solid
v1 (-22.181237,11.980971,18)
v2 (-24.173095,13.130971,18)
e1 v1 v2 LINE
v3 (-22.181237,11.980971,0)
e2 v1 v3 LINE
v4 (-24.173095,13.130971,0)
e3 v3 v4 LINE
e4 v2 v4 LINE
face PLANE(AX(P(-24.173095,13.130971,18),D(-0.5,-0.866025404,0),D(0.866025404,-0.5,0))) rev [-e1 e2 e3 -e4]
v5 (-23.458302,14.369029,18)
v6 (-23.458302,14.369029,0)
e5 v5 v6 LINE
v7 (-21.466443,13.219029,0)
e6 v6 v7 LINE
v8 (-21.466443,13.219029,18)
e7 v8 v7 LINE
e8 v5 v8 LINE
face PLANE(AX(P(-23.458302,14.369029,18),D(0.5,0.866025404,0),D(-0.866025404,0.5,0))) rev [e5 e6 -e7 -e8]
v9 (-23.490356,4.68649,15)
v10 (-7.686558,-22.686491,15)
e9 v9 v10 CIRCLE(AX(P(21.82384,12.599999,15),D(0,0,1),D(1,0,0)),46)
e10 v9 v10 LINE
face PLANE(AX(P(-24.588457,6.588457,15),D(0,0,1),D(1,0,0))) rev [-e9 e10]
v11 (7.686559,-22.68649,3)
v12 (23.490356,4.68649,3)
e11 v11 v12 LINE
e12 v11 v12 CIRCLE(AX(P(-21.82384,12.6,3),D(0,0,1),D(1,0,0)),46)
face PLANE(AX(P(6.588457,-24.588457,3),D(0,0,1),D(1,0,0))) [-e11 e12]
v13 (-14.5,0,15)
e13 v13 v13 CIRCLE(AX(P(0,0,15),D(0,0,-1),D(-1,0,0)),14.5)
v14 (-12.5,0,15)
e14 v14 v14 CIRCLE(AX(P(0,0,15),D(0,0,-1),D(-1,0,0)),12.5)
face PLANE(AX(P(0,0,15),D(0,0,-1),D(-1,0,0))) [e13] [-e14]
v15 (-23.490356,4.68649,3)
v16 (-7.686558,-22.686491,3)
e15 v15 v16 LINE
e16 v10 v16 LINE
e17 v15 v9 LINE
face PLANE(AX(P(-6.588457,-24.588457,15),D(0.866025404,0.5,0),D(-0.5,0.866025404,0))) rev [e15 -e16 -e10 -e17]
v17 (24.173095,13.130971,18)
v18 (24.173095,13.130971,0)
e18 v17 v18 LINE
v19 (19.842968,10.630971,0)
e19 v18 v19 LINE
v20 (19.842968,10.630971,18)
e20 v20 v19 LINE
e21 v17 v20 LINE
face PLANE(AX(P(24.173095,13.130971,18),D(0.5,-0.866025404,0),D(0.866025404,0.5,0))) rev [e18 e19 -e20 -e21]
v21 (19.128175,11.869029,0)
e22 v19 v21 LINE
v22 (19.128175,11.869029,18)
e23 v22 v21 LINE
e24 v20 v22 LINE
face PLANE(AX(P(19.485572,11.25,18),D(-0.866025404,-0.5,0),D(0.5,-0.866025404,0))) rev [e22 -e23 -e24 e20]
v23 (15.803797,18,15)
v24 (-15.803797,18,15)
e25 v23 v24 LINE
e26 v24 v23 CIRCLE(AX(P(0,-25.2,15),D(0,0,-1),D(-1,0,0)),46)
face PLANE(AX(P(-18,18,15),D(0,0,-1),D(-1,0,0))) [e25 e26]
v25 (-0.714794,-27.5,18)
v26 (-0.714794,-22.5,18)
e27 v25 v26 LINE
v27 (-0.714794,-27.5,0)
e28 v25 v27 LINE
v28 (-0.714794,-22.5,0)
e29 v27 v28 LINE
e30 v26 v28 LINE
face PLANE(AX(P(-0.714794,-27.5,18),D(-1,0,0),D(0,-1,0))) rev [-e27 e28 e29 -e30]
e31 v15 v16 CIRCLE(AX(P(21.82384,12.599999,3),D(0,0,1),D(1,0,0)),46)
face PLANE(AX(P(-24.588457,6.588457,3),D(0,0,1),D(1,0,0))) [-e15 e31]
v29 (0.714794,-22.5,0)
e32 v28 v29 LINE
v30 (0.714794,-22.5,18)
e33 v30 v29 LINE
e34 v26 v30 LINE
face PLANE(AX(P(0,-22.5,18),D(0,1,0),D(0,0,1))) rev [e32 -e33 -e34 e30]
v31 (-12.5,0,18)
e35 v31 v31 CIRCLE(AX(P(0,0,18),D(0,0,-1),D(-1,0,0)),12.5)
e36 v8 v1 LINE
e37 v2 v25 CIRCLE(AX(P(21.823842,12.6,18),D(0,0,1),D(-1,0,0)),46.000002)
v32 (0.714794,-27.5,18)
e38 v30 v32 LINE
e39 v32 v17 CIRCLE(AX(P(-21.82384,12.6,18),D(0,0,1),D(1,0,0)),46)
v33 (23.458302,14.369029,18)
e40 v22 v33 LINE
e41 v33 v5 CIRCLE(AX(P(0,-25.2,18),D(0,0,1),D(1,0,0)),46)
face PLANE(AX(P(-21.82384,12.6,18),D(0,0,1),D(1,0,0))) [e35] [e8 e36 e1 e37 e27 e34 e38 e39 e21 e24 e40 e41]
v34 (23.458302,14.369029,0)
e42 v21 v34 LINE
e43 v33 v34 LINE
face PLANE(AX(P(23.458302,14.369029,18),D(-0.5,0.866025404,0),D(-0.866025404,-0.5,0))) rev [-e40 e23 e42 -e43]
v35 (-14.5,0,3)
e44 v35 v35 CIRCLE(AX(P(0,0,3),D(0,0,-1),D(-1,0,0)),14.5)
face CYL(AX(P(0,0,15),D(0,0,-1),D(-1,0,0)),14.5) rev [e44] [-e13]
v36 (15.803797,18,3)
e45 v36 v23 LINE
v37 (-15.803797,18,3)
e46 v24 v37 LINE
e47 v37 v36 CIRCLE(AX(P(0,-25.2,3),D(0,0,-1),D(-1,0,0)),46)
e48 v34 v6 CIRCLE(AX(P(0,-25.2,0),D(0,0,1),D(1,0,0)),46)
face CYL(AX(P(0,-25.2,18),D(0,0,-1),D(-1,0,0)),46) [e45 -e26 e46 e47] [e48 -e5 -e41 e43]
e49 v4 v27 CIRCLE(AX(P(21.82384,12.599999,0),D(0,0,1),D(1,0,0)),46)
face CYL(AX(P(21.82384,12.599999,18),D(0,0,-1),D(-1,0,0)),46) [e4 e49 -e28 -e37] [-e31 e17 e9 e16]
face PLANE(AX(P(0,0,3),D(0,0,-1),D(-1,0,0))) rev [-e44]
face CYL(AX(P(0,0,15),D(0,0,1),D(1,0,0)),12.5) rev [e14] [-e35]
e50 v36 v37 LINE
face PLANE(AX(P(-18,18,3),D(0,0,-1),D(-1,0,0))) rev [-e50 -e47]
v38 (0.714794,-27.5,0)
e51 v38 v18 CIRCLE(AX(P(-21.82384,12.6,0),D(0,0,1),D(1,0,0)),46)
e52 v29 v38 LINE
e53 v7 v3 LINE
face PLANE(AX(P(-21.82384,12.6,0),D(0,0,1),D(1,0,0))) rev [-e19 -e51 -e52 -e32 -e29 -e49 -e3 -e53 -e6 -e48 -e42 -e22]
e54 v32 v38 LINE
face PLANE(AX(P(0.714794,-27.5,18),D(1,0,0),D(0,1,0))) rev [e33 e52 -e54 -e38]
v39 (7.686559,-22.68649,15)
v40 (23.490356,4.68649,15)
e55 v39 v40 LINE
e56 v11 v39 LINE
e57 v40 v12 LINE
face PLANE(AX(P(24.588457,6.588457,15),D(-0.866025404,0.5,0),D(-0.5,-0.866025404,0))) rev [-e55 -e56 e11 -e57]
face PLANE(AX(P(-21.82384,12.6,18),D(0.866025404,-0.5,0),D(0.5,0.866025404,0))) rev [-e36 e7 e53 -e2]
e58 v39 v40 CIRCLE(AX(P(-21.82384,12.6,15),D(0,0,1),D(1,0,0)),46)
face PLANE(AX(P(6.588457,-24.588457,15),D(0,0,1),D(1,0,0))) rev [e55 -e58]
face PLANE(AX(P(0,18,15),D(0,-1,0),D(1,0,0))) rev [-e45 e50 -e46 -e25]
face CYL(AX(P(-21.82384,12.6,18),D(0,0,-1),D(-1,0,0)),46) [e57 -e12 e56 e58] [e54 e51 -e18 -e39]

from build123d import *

# Parameters (mm, degrees)
BASE_EXTRUDE_DEPTH           = 18
COMBUSTION_CHAMBER_PROFILE_R = 14.5
CUT_EXTRUDE1_DEPTH           = 12
SKETCH6_R                    = 12.5
CUT_EXTRUDE5_DEPTH           = 3


with BuildPart() as part:
    # rotor profile → Base-Extrude (new body)
    with BuildSketch(Plane.XY):
        with BuildLine():
            Line((-24.173095267, 13.130970823), (-22.181236737, 11.980970764))
            Line((-22.181236737, 11.980970764), (-21.823840171, 12.599999774))
            Line((-21.823840171, 12.599999774), (-21.466443413, 13.219029117))
            Line((-21.466443413, 13.219029117), (-23.458301944, 14.369029176))
            ThreePointArc((-23.458301944, 14.369029176), (-12.161921269, 19.163134144), (0, 20.8))
            ThreePointArc((0, 20.8), (12.161921269, 19.163134144), (23.458301944, 14.369029176))
            Line((23.458301944, 14.369029176), (19.128174925, 11.869029176))
            Line((19.128174925, 11.869029176), (19.485571586, 11.249999999))
            Line((19.485571586, 11.249999999), (19.842968249, 10.630970821))
            Line((19.842968249, 10.630970821), (24.173095268, 13.130970821))
            ThreePointArc((24.173095268, 13.130970821), (22.676721692, 0.95096574), (18.013328561, -10.399999953))
            ThreePointArc((18.013328561, -10.399999953), (10.514800547, -20.114099885), (0.714793524, -27.500000115))
            Line((0.714793524, -27.500000115), (0.714793524, -22.500000115))
            Line((0.714793524, -22.500000115), (0, -22.500000115))
            Line((0, -22.500000115), (-0.714793848, -22.500000115))
            Line((-0.714793848, -22.500000115), (-0.714793848, -27.500000115))
            ThreePointArc((-0.714793848, -27.500000115), (-10.514800813, -20.114099941), (-18.013328717, -10.400000004))
            ThreePointArc((-18.013328717, -10.400000004), (-22.676721717, 0.95096574), (-24.173095267, 13.130970823))
        make_face()
    extrude(amount=BASE_EXTRUDE_DEPTH)

    # combustion chamber profile → Cut-Extrude1 (cut)
    with BuildSketch(Plane(origin=(0, 0, 3), x_dir=(-1, 0, 0), z_dir=(0, 0, -1))):
        Circle(COMBUSTION_CHAMBER_PROFILE_R)
        Polygon((18, 21), (18, 18), (0, 18), (-18, 18), (-18, 21), align=None)
        Polygon((-9.186533479, -26.088457268), (-27.186533479, 5.088457268), (-24.588457268, 6.588457268), (-15.588457268, -9), (-6.588457268, -24.588457268), align=None)
        Polygon((27.186533479, 5.088457268), (9.186533479, -26.088457268), (6.588457268, -24.588457268), (15.588457268, -9), (24.588457268, 6.588457268), align=None)
    extrude(amount=-CUT_EXTRUDE1_DEPTH, mode=Mode.SUBTRACT)

    # Sketch6 → Cut-Extrude5 (cut)
    with BuildSketch(Plane(origin=(0, 0, 18), x_dir=(-1, 0, 0), z_dir=(0, 0, -1))):
        Circle(SKETCH6_R)
    extrude(amount=CUT_EXTRUDE5_DEPTH, mode=Mode.SUBTRACT)


solid = part.part
